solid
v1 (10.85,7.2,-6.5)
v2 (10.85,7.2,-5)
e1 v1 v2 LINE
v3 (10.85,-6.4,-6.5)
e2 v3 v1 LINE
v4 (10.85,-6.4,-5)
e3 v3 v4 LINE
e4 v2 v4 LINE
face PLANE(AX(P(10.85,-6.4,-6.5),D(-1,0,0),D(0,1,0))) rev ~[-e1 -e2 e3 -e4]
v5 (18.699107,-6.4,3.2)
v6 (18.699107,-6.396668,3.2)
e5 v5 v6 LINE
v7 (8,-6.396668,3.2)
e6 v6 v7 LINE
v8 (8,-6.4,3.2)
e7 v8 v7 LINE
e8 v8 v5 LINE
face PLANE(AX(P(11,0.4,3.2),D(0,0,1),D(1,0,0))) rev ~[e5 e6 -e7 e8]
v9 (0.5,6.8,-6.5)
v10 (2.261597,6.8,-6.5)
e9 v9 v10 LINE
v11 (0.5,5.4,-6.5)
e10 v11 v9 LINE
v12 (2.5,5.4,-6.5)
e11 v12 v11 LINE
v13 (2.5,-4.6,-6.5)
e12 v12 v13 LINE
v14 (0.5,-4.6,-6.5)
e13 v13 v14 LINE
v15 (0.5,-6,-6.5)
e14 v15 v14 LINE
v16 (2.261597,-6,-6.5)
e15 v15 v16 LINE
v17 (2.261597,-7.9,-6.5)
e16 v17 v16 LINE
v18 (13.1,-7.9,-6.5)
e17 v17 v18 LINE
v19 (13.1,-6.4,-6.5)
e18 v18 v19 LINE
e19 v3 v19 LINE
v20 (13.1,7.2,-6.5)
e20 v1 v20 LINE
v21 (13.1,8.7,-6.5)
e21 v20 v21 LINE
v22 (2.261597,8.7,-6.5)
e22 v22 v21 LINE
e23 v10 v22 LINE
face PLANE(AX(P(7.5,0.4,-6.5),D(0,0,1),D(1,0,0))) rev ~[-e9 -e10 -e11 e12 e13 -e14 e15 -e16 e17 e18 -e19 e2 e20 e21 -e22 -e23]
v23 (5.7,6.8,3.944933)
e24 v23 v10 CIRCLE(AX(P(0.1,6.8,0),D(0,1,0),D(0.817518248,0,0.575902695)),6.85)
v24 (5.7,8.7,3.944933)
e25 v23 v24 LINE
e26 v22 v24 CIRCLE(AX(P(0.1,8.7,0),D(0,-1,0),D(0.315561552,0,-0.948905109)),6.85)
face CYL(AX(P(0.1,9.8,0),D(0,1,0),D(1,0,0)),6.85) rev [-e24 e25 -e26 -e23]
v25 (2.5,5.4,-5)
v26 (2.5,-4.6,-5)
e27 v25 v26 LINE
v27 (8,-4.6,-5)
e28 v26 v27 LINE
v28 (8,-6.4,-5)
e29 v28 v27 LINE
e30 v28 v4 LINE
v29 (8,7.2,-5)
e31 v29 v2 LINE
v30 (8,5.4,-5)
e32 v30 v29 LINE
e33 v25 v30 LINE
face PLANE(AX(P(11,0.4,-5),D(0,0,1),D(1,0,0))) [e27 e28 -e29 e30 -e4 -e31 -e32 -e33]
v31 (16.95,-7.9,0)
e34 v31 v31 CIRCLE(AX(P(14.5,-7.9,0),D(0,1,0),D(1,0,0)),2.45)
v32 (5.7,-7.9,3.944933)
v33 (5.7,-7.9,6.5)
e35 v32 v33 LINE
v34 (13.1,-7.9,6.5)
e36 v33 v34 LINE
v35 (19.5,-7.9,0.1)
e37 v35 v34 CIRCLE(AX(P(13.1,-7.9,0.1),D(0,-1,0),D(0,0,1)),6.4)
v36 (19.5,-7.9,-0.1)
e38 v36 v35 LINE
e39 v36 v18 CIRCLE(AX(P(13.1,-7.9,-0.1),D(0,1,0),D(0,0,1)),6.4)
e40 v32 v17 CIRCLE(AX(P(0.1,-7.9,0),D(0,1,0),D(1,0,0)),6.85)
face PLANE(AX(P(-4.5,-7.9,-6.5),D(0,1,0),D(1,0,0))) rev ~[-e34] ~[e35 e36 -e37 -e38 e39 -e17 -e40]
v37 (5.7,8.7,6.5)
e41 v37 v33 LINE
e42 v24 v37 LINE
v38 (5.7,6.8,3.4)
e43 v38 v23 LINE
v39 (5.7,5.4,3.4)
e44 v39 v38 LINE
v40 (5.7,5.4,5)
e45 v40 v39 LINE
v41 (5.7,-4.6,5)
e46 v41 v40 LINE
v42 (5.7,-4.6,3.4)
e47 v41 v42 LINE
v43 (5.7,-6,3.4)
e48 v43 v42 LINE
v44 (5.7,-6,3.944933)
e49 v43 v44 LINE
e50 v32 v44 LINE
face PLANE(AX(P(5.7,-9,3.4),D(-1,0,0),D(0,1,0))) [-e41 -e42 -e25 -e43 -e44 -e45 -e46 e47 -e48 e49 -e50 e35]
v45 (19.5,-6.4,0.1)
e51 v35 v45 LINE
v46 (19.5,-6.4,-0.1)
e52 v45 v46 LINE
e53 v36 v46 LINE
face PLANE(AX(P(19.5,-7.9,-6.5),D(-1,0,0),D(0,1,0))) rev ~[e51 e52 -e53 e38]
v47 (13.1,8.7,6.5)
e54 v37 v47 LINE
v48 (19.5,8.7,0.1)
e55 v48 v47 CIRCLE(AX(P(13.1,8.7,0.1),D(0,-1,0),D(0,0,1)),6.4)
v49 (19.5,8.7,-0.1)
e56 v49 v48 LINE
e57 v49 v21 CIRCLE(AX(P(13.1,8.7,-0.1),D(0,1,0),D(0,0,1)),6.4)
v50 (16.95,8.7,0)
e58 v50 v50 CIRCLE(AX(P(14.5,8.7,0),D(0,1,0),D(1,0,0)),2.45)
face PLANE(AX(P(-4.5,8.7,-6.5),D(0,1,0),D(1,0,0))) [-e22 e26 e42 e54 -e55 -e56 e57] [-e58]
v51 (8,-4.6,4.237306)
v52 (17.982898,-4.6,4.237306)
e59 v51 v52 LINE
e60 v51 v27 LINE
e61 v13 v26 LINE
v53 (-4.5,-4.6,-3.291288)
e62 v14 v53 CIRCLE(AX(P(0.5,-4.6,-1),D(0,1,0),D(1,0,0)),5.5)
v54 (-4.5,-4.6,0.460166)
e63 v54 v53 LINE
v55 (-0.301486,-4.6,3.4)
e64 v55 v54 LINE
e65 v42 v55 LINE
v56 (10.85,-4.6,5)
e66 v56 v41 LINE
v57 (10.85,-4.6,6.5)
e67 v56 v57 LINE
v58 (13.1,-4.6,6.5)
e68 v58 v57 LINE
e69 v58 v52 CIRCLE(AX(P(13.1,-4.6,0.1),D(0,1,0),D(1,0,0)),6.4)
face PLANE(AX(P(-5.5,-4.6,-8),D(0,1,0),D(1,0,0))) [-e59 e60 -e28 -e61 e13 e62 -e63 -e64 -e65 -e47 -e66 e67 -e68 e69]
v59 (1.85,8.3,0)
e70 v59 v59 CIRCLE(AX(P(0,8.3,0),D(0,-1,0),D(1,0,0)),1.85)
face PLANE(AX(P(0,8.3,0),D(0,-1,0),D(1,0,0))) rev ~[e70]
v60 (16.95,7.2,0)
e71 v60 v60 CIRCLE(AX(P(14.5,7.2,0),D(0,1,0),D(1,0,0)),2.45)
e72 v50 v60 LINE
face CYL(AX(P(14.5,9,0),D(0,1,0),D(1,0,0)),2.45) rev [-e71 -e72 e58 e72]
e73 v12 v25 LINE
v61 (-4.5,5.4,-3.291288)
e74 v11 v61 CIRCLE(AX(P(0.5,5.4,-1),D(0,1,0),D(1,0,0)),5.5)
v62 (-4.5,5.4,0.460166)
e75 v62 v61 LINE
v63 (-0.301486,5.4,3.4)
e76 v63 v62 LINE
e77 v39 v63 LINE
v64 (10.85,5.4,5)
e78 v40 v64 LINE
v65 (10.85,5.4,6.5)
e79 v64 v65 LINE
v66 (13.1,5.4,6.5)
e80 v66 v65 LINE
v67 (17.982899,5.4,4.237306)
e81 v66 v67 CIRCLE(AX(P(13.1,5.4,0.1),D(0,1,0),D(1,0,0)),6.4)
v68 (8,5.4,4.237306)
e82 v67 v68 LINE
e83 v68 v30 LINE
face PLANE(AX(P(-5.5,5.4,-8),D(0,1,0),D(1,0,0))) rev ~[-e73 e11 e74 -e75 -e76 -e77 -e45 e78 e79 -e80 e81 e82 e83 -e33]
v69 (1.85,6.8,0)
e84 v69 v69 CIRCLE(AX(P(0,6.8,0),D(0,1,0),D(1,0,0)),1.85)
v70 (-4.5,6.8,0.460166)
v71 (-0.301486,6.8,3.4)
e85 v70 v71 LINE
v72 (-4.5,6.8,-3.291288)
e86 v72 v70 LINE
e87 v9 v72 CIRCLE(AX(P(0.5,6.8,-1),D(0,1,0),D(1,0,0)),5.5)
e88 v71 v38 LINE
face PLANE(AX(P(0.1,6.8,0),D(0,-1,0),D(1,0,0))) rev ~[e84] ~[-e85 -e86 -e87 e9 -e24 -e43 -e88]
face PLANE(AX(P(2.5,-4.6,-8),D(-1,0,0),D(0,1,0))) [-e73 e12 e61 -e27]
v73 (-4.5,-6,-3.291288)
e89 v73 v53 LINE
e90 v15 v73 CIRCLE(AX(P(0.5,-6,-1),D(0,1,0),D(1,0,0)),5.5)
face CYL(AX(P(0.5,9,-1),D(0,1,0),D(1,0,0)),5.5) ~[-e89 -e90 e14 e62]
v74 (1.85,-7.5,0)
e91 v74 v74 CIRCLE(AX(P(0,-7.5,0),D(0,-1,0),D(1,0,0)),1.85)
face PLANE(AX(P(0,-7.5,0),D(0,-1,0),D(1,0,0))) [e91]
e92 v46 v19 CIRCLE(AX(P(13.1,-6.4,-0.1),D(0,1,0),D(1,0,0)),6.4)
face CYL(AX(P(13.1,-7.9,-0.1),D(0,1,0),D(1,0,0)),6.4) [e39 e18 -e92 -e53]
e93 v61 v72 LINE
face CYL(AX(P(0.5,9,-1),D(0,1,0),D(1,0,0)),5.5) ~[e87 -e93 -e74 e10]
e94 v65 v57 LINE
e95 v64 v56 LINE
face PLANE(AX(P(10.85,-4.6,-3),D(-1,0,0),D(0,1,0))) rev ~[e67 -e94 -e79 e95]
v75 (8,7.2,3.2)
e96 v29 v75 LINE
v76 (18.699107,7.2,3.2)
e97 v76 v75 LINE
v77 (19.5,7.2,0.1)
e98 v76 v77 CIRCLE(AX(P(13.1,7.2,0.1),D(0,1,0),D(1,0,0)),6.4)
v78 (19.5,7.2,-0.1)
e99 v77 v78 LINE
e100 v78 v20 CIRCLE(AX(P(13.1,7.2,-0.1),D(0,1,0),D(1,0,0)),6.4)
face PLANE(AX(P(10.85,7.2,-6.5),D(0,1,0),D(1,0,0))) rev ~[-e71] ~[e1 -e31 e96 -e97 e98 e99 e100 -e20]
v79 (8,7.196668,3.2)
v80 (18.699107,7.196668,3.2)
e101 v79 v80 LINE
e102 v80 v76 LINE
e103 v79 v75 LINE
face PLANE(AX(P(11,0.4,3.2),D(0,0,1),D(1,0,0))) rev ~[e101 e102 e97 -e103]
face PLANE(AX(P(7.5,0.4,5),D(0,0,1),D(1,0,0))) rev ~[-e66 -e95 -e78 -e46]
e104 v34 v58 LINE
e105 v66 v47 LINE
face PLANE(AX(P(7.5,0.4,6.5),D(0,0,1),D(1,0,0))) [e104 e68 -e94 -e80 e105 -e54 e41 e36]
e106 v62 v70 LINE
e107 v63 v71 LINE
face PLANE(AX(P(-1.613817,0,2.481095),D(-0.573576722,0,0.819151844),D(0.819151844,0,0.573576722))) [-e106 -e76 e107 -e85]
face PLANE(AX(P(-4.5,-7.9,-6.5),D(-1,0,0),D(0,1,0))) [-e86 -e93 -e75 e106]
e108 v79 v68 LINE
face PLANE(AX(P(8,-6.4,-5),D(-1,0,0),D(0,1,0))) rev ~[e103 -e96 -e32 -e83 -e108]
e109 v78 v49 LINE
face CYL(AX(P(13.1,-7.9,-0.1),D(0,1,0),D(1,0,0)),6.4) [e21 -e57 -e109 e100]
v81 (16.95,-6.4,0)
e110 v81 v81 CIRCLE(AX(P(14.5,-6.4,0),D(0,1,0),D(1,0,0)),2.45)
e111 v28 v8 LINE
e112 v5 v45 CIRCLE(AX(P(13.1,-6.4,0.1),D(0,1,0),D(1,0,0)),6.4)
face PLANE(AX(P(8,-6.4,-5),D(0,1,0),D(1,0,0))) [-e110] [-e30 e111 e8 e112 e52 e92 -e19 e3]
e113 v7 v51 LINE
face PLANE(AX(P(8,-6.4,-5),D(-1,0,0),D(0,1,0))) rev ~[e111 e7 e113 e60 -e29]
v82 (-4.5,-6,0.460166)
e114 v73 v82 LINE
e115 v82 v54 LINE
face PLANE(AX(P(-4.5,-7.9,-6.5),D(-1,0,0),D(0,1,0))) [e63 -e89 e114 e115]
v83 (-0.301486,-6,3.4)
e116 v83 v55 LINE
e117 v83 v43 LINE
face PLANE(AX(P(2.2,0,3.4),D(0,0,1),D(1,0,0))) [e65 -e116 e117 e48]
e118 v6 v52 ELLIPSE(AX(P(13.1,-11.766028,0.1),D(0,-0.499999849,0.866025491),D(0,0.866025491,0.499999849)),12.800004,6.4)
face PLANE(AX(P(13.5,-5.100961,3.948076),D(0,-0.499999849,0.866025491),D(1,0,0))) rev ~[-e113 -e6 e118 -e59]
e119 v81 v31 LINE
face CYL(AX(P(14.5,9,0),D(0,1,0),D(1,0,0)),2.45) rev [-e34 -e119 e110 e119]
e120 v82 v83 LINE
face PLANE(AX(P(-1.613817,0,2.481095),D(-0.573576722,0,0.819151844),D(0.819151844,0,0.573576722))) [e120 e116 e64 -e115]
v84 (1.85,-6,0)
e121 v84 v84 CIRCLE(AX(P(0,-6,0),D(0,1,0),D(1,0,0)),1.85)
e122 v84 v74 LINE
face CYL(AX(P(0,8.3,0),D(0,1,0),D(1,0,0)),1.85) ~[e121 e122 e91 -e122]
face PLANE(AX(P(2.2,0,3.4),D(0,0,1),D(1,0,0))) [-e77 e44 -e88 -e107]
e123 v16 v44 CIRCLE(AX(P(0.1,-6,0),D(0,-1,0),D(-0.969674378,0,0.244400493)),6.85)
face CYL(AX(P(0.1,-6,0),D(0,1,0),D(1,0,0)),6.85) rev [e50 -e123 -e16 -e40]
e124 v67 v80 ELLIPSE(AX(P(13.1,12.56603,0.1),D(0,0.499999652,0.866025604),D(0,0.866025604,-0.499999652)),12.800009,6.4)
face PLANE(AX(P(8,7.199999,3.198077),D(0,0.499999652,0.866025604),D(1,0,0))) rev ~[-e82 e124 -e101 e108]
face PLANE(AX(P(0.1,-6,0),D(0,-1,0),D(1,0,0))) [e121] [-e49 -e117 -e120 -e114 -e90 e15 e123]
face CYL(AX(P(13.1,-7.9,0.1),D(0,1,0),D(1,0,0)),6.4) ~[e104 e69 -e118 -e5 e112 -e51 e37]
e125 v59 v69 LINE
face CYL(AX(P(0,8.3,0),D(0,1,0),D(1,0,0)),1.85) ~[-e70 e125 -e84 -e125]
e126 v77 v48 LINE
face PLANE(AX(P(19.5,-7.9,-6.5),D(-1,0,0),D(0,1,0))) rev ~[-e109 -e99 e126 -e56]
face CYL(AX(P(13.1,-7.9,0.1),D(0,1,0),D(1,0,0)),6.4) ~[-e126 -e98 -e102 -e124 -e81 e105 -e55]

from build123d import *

# Parameters (mm, degrees)
BOX010_W               = 11
BOX010_H               = 3
BOX010_DEPTH           = 3
BOX010_PLACEMENT_ANGLE = 60.000023
BOX004_W               = 26
BOX004_H               = 10
BOX004_DEPTH           = 10
BOX005_W               = 8
BOX005_H               = 10
BOX005_DEPTH           = 13
BOX006_W               = 10
BOX006_H               = 13.6
BOX006_DEPTH           = 9.7
BOX007_W               = 6
BOX007_H               = 13.6
BOX007_DEPTH           = 8.2
BOX008_W               = 8
BOX008_H               = 10
BOX008_DEPTH           = 10
BOX009_W               = 11
BOX009_H               = 3
BOX009_DEPTH           = 3
BOX009_PLACEMENT_ANGLE = 29.99999
CYLINDER012024_R       = 1.85
CYLINDER012024_DEPTH   = 15.8
CYLINDER012026_R       = 5.5
CYLINDER012026_DEPTH   = 17.5
BOX003_W               = 5
BOX003_H               = 17.5
BOX003_DEPTH           = 4
BOX001_W               = 7
BOX001_H               = 18
BOX001_DEPTH           = 4
CYLINDER012025_R       = 6.85
CYLINDER012025_DEPTH   = 3
CYLINDER012023_R       = 2.45
CYLINDER012023_DEPTH   = 17.5
CYLINDER012022_R       = 6.85
CYLINDER012022_DEPTH   = 3
BOX002_W               = 9
BOX002_H               = 18
BOX002_DEPTH           = 5
BOX002_PLACEMENT_ANGLE = 35.00002
BOX_W                  = 24
BOX_H                  = 16.6
BOX_DEPTH              = 13
FILLET_R               = 6.4


with BuildPart() as box010:
    # Box010 → Box010 (new body)
    with BuildSketch(Plane.XY):
        with Locations((5.5, 1.5)):
            Rectangle(BOX010_W, BOX010_H)
    extrude(amount=BOX010_DEPTH)


with BuildPart() as box010_1:
    # Box010 placement: moved
    add(box010.part.moved(Location((12.5, 13.7, 7.1))).rotate(Axis((12.5, 13.7, 7.1), (1, 0, 0)), BOX010_PLACEMENT_ANGLE))


with BuildPart() as box004:
    # Box004 → Box004 (new body)
    with BuildSketch(Plane(origin=(-1, 3.4, 1.5), x_dir=(1, 0, 0), z_dir=(0, 0, 1))):
        with Locations((13, 5)):
            Rectangle(BOX004_W, BOX004_H)
    extrude(amount=BOX004_DEPTH)


with BuildPart() as box005:
    # Box005 → Box005 (new body)
    with BuildSketch(Plane(origin=(-1, 3.4, -1.5), x_dir=(1, 0, 0), z_dir=(0, 0, 1))):
        with Locations((4, 5)):
            Rectangle(BOX005_W, BOX005_H)
    extrude(amount=BOX005_DEPTH)


with BuildPart() as box006:
    # Box006 → Box006 (new body)
    with BuildSketch(Plane(origin=(15.35, 1.6, 0), x_dir=(1, 0, 0), z_dir=(0, 0, 1))):
        with Locations((5, 6.8)):
            Rectangle(BOX006_W, BOX006_H)
    extrude(amount=BOX006_DEPTH)


with BuildPart() as box007:
    # Box007 → Box007 (new body)
    with BuildSketch(Plane(origin=(12.5, 1.6, 1.5), x_dir=(1, 0, 0), z_dir=(0, 0, 1))):
        with Locations((3, 6.8)):
            Rectangle(BOX007_W, BOX007_H)
    extrude(amount=BOX007_DEPTH)


with BuildPart() as box008:
    # Box008 → Box008 (new body)
    with BuildSketch(Plane(origin=(15.35, 3.4, 3.5), x_dir=(1, 0, 0), z_dir=(0, 0, 1))):
        with Locations((4, 5)):
            Rectangle(BOX008_W, BOX008_H)
    extrude(amount=BOX008_DEPTH)


with BuildPart() as fusion011:
    # Box009 → Box009 (new body)
    with BuildSketch(Plane.XY):
        with Locations((5.5, 1.5)):
            Rectangle(BOX009_W, BOX009_H)
    extrude(amount=BOX009_DEPTH)


with BuildPart() as fusion011_1:
    # Box009 placement: moved
    add(fusion011.part.moved(Location((12.5, 3.1, 7.1))).rotate(Axis((12.5, 3.1, 7.1), (1, 0, 0)), BOX009_PLACEMENT_ANGLE))

    # Fusion011: union Box010, Box004, Box005, Box006, Box007, Box008
    add(box010_1.part)
    add(box004.part)
    add(box005.part)
    add(box006.part)
    add(box007.part)
    add(box008.part)


with BuildPart() as cylinder012024:
    # Cylinder012024 → Cylinder012024 (new body)
    with BuildSketch(Plane(origin=(4.5, 16.3, 6.5), x_dir=(1, 0, 0), z_dir=(0, -1, 0))):
        Circle(CYLINDER012024_R)
    extrude(amount=CYLINDER012024_DEPTH)


with BuildPart() as cylinder012026:
    # Cylinder012026 → Cylinder012026 (new body)
    with BuildSketch(Plane(origin=(5, 17, 5.5), x_dir=(1, 0, 0), z_dir=(0, -1, 0))):
        Circle(CYLINDER012026_R)
    extrude(amount=CYLINDER012026_DEPTH)


with BuildPart() as cut003004:
    # Box003 → Box003 (new body)
    with BuildSketch(Plane(origin=(0, -0.5, 0), x_dir=(1, 0, 0), z_dir=(0, 0, 1))):
        with Locations((2.5, 8.75)):
            Rectangle(BOX003_W, BOX003_H)
    extrude(amount=BOX003_DEPTH)

    # Cut003004: cut Cylinder012026
    add(cylinder012026.part, mode=Mode.SUBTRACT)


with BuildPart() as box001:
    # Box001 → Box001 (new body)
    with BuildSketch(Plane(origin=(3.2, -1, 9.9), x_dir=(1, 0, 0), z_dir=(0, 0, 1))):
        with Locations((3.5, 9)):
            Rectangle(BOX001_W, BOX001_H)
    extrude(amount=BOX001_DEPTH)


with BuildPart() as cylinder012025:
    # Cylinder012025 → Cylinder012025 (new body)
    with BuildSketch(Plane(origin=(4.6, 2, 6.5), x_dir=(1, 0, 0), z_dir=(0, -1, 0))):
        Circle(CYLINDER012025_R)
    extrude(amount=CYLINDER012025_DEPTH)


with BuildPart() as cylinder012023:
    # Cylinder012023 → Cylinder012023 (new body)
    with BuildSketch(Plane(origin=(19, 17, 6.5), x_dir=(1, 0, 0), z_dir=(0, -1, 0))):
        Circle(CYLINDER012023_R)
    extrude(amount=CYLINDER012023_DEPTH)


with BuildPart() as cylinder012022:
    # Cylinder012022 → Cylinder012022 (new body)
    with BuildSketch(Plane(origin=(4.6, 17.8, 6.5), x_dir=(1, 0, 0), z_dir=(0, -1, 0))):
        Circle(CYLINDER012022_R)
    extrude(amount=CYLINDER012022_DEPTH)


with BuildPart() as fusion012:
    # Box002 → Box002 (new body)
    with BuildSketch(Plane.XY):
        with Locations((4.5, 9)):
            Rectangle(BOX002_W, BOX002_H)
    extrude(amount=BOX002_DEPTH)


with BuildPart() as fusion012_1:
    # Box002 placement: moved
    add(fusion012.part.moved(Location((-0.8, -1, 6.4))).rotate(Axis((-0.8, -1, 6.4), (0, -1, 0)), BOX002_PLACEMENT_ANGLE))

    # Fusion010: union Box001, Cylinder012025, Cylinder012023, Cylinder012022
    add(box001.part)
    add(cylinder012025.part)
    add(cylinder012023.part)
    add(cylinder012022.part)

    # Fusion012: union Cut003004
    add(cut003004.part)


with BuildPart() as pieza:
    # Box → Box (new body)
    with BuildSketch(Plane(origin=(0, 0.1, 0), x_dir=(1, 0, 0), z_dir=(0, 0, 1))):
        with Locations((12, 8.3)):
            Rectangle(BOX_W, BOX_H)
    extrude(amount=BOX_DEPTH)

    # Fillet
    fillet_edges = [pieza.edges().sort_by_distance(p)[0] for p in [
        (24, 8.4, 13),
        (24, 8.4, 0),
    ]]
    fillet(fillet_edges, radius=FILLET_R)

    # Cut003005: cut Fusion012
    add(fusion012_1.part, mode=Mode.SUBTRACT)

    # Fusion013: union Cylinder012024
    add(cylinder012024.part)

    # Cut002007: cut Fusion011
    add(fusion011_1.part, mode=Mode.SUBTRACT)


with BuildPart() as pieza_1:
    # Cut002007 placement: moved
    add(pieza.part.moved(Location((-4.5, -8, -6.5))))


solid = pieza_1.part
